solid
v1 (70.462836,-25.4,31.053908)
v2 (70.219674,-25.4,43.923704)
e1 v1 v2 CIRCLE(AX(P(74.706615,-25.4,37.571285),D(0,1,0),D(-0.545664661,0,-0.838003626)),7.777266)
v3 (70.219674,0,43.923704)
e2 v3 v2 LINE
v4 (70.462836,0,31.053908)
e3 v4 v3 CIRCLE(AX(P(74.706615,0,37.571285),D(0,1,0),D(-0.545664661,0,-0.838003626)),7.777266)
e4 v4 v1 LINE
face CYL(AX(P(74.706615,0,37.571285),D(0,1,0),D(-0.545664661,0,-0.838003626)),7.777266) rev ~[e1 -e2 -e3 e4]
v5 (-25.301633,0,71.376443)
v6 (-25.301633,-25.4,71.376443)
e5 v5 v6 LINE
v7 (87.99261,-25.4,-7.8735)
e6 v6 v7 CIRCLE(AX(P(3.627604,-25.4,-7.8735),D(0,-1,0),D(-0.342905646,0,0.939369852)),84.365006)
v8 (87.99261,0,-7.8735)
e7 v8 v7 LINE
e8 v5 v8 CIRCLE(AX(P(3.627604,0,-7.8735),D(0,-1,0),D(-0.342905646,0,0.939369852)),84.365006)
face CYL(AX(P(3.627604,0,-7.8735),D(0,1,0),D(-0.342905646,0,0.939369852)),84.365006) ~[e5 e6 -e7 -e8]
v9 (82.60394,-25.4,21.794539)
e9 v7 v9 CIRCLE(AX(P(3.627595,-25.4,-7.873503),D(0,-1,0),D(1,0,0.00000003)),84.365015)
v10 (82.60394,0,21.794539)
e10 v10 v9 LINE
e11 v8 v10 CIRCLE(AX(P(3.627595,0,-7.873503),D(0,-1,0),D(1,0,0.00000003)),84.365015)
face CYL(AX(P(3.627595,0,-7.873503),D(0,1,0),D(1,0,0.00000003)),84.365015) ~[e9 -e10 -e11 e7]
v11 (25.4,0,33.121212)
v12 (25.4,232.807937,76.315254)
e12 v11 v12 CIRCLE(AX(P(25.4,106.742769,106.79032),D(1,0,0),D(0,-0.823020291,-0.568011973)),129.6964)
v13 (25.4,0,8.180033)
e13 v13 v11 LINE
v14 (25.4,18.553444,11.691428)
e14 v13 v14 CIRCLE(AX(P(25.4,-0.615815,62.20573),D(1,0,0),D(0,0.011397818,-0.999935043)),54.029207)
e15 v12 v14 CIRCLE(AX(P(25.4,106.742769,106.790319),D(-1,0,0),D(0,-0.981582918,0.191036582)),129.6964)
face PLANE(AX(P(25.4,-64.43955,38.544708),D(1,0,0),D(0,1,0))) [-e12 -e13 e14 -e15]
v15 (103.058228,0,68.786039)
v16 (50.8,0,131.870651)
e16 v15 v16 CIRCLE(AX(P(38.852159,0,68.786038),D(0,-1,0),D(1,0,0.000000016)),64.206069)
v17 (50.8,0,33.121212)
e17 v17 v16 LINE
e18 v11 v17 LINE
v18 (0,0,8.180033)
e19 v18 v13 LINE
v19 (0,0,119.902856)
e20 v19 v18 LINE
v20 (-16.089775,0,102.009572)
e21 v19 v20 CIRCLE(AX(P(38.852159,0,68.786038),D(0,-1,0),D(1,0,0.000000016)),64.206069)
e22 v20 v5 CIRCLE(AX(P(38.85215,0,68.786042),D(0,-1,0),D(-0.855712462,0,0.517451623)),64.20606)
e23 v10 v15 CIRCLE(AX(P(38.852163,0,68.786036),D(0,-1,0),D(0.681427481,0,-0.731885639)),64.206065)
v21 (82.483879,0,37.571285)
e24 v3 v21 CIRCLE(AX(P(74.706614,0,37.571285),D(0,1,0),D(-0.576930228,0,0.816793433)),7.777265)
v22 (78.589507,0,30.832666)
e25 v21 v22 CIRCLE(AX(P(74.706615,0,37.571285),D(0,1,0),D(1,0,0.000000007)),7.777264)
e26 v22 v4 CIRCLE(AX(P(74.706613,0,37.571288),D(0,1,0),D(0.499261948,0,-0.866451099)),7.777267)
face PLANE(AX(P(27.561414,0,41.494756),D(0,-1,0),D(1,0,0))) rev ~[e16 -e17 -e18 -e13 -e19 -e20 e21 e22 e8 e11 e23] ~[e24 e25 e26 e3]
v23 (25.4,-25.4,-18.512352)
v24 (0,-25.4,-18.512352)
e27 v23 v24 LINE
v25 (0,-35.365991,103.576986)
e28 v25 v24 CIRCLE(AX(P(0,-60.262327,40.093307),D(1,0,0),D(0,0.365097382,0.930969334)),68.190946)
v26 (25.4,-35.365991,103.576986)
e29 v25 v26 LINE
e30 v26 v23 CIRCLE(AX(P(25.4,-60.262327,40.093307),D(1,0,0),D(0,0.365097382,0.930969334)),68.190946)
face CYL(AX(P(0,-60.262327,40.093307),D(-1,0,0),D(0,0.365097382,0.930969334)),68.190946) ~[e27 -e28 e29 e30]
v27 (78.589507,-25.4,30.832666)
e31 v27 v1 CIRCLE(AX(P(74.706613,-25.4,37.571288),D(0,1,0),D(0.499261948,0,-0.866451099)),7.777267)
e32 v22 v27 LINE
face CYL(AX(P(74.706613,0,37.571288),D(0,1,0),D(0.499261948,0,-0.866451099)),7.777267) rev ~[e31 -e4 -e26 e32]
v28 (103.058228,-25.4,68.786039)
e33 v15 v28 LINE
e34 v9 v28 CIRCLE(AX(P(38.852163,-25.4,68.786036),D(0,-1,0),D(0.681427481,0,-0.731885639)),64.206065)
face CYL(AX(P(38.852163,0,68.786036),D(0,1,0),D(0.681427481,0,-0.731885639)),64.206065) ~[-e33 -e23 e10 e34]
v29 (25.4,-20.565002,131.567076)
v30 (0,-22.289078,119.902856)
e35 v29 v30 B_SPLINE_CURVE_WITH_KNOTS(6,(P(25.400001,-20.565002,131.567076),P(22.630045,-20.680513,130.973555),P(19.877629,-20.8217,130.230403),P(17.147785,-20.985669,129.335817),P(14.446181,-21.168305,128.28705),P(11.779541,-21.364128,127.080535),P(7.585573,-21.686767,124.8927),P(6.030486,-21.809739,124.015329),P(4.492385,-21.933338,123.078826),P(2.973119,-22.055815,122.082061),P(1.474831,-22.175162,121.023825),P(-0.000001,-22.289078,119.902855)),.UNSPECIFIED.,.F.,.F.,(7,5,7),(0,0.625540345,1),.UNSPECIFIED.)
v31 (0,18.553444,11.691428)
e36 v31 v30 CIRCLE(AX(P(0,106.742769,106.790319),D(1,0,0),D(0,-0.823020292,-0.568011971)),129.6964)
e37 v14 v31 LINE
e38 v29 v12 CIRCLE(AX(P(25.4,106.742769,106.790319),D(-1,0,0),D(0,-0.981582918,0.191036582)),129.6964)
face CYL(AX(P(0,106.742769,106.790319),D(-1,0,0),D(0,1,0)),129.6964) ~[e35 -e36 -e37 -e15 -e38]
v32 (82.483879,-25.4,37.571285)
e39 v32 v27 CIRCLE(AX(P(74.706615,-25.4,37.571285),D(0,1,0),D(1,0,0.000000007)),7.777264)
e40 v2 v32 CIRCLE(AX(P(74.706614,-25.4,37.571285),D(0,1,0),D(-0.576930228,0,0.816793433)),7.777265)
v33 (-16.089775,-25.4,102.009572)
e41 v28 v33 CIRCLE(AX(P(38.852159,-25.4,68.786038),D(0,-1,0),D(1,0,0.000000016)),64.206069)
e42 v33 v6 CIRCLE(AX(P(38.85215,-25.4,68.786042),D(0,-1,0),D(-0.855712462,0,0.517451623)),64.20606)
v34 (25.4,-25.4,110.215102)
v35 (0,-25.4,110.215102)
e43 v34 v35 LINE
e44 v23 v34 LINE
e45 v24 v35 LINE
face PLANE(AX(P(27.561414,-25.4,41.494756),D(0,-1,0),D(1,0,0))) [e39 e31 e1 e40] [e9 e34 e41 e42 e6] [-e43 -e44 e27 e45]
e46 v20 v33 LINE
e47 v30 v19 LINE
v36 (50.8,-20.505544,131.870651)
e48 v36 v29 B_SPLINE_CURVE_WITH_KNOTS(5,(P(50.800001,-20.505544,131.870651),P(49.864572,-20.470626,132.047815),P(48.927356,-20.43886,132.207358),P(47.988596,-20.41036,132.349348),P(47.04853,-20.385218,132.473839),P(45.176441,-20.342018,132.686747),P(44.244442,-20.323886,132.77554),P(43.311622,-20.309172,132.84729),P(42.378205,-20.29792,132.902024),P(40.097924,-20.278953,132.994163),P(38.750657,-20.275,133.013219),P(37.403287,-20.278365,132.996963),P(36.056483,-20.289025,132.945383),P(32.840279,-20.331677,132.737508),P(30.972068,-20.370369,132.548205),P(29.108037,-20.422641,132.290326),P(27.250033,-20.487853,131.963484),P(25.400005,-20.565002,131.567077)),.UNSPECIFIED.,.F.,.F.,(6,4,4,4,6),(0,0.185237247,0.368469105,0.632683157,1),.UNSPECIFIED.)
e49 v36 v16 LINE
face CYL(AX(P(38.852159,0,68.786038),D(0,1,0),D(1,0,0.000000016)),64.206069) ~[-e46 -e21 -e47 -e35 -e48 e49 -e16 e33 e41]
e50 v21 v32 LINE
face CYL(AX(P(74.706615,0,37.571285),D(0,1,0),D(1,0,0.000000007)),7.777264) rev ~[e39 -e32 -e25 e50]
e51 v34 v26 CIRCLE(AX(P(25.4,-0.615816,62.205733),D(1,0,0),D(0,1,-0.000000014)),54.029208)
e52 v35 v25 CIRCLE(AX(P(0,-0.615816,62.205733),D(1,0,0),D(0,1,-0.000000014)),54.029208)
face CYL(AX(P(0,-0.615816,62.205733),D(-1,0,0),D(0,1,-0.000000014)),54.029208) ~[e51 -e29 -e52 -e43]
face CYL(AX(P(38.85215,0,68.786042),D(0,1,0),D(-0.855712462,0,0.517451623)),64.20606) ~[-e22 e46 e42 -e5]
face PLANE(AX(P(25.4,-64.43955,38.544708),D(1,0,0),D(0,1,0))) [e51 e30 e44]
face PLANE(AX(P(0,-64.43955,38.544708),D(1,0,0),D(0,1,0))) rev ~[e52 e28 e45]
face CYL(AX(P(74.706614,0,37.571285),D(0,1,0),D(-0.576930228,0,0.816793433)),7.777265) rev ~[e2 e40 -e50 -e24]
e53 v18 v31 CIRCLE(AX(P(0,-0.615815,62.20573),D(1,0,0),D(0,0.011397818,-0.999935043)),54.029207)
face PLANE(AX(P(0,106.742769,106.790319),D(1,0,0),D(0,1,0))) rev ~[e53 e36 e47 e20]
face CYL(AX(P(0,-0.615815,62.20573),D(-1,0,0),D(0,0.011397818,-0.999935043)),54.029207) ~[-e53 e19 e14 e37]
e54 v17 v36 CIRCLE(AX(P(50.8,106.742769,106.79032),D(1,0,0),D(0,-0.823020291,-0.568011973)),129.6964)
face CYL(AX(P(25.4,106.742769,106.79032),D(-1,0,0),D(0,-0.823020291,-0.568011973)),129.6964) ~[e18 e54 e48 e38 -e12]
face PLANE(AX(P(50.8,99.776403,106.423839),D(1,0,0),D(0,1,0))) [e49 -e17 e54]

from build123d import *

# Parameters (mm, degrees)
F2_DEPTH = 25.4
F3_R     = 129.6964
F4_DEPTH = 25.4
F5_DEPTH = 25.4


with BuildPart() as f2:
    # F1 (on Front) → F2 (new body)
    with BuildSketch(Plane.XZ):
        with BuildLine():
            ThreePointArc((78.589507, 30.832666), (74.494962, 29.796901), (70.462836, 31.053908))
            ThreePointArc((70.462836, 31.053908), (66.930737, 37.424368), (70.219674, 43.923704))
            ThreePointArc((70.219674, 43.923704), (26.930725, 73.209289), (-25.301633, 71.376443))
            ThreePointArc((-25.301633, 71.376443), (12.044477, 10.444223), (82.60394, 21.794539))
            ThreePointArc((82.60394, 21.794539), (80.729272, 26.372476), (78.589507, 30.832666))
        make_face()
        with BuildLine():
            ThreePointArc((82.483879, 37.571285), (81.440266, 33.679784), (78.589507, 30.832666))
            ThreePointArc((78.589507, 30.832666), (80.729272, 26.372476), (82.60394, 21.794539))
            ThreePointArc((82.60394, 21.794539), (97.722989, 43.160958), (103.058228, 68.786039))
            ThreePointArc((103.058228, 68.786039), (56.097647, 130.632723), (-16.089775, 102.009572))
            ThreePointArc((-16.089775, 102.009572), (-22.633979, 87.275877), (-25.301633, 71.376443))
            ThreePointArc((-25.301633, 71.376443), (26.930725, 73.209289), (70.219674, 43.923704))
            ThreePointArc((70.219674, 43.923704), (78.283605, 44.477151), (82.483879, 37.571285))
        make_face()
        with BuildLine():
            ThreePointArc((87.99261, -7.8735), (86.634511, 7.203223), (82.60394, 21.794539))
            ThreePointArc((82.60394, 21.794539), (12.044477, 10.444223), (-25.301633, 71.376443))
            ThreePointArc((-25.301633, 71.376443), (-44.729604, -77.004063), (87.99261, -7.8735))
        make_face()
    extrude(amount=F2_DEPTH)

    # F3 (on face) → F4 (join)
    with BuildSketch(Plane.YZ):
        with Locations((106.742769, 106.790319)):
            Circle(F3_R)
    extrude(amount=F4_DEPTH)

    # F0 (on Right) + F4_face (on face) → F5 (join)
    with BuildSketch(Plane.YZ):
        with BuildLine():
            ThreePointArc((0, 8.180033), (-51.275793, 43.424835), (-35.365991, 103.576986))
            ThreePointArc((-35.365991, 103.576986), (-124.200923, 16.3897), (0, 8.180033))
        make_face()
        with BuildLine():
            ThreePointArc((0, 8.180033), (37.805711, 24.21966), (53.413392, 62.205732))
            ThreePointArc((53.413392, 62.205732), (22.205565, 111.178581), (-35.365991, 103.576986))
            ThreePointArc((-35.365991, 103.576986), (-3.925351, 78.514007), (7.928619, 40.093307))
            ThreePointArc((7.928619, 40.093307), (5.916787, 23.651591), (0, 8.180033))
        make_face()
        with BuildLine():
            ThreePointArc((7.928619, 40.093307), (-3.925351, 78.514007), (-35.365991, 103.576986))
            ThreePointArc((-35.365991, 103.576986), (-51.275793, 43.424835), (0, 8.180033))
            ThreePointArc((0, 8.180033), (5.916787, 23.651591), (7.928619, 40.093307))
        make_face()
    with BuildSketch(Plane(origin=(25.4, 110.613343, 107.288311), x_dir=(0, 1, 0), z_dir=(1, 0, 0))):
        with BuildLine():
            ThreePointArc((-110.613343, -74.167099), (123.085367, 26.022667), (-131.178345, 24.278766))
            Line((-131.178345, 24.278766), (-110.613343, 24.278766))
            Line((-110.613343, 24.278766), (-110.613343, -74.167099))
        make_face()
    extrude(amount=F5_DEPTH)


solid = f2.part
